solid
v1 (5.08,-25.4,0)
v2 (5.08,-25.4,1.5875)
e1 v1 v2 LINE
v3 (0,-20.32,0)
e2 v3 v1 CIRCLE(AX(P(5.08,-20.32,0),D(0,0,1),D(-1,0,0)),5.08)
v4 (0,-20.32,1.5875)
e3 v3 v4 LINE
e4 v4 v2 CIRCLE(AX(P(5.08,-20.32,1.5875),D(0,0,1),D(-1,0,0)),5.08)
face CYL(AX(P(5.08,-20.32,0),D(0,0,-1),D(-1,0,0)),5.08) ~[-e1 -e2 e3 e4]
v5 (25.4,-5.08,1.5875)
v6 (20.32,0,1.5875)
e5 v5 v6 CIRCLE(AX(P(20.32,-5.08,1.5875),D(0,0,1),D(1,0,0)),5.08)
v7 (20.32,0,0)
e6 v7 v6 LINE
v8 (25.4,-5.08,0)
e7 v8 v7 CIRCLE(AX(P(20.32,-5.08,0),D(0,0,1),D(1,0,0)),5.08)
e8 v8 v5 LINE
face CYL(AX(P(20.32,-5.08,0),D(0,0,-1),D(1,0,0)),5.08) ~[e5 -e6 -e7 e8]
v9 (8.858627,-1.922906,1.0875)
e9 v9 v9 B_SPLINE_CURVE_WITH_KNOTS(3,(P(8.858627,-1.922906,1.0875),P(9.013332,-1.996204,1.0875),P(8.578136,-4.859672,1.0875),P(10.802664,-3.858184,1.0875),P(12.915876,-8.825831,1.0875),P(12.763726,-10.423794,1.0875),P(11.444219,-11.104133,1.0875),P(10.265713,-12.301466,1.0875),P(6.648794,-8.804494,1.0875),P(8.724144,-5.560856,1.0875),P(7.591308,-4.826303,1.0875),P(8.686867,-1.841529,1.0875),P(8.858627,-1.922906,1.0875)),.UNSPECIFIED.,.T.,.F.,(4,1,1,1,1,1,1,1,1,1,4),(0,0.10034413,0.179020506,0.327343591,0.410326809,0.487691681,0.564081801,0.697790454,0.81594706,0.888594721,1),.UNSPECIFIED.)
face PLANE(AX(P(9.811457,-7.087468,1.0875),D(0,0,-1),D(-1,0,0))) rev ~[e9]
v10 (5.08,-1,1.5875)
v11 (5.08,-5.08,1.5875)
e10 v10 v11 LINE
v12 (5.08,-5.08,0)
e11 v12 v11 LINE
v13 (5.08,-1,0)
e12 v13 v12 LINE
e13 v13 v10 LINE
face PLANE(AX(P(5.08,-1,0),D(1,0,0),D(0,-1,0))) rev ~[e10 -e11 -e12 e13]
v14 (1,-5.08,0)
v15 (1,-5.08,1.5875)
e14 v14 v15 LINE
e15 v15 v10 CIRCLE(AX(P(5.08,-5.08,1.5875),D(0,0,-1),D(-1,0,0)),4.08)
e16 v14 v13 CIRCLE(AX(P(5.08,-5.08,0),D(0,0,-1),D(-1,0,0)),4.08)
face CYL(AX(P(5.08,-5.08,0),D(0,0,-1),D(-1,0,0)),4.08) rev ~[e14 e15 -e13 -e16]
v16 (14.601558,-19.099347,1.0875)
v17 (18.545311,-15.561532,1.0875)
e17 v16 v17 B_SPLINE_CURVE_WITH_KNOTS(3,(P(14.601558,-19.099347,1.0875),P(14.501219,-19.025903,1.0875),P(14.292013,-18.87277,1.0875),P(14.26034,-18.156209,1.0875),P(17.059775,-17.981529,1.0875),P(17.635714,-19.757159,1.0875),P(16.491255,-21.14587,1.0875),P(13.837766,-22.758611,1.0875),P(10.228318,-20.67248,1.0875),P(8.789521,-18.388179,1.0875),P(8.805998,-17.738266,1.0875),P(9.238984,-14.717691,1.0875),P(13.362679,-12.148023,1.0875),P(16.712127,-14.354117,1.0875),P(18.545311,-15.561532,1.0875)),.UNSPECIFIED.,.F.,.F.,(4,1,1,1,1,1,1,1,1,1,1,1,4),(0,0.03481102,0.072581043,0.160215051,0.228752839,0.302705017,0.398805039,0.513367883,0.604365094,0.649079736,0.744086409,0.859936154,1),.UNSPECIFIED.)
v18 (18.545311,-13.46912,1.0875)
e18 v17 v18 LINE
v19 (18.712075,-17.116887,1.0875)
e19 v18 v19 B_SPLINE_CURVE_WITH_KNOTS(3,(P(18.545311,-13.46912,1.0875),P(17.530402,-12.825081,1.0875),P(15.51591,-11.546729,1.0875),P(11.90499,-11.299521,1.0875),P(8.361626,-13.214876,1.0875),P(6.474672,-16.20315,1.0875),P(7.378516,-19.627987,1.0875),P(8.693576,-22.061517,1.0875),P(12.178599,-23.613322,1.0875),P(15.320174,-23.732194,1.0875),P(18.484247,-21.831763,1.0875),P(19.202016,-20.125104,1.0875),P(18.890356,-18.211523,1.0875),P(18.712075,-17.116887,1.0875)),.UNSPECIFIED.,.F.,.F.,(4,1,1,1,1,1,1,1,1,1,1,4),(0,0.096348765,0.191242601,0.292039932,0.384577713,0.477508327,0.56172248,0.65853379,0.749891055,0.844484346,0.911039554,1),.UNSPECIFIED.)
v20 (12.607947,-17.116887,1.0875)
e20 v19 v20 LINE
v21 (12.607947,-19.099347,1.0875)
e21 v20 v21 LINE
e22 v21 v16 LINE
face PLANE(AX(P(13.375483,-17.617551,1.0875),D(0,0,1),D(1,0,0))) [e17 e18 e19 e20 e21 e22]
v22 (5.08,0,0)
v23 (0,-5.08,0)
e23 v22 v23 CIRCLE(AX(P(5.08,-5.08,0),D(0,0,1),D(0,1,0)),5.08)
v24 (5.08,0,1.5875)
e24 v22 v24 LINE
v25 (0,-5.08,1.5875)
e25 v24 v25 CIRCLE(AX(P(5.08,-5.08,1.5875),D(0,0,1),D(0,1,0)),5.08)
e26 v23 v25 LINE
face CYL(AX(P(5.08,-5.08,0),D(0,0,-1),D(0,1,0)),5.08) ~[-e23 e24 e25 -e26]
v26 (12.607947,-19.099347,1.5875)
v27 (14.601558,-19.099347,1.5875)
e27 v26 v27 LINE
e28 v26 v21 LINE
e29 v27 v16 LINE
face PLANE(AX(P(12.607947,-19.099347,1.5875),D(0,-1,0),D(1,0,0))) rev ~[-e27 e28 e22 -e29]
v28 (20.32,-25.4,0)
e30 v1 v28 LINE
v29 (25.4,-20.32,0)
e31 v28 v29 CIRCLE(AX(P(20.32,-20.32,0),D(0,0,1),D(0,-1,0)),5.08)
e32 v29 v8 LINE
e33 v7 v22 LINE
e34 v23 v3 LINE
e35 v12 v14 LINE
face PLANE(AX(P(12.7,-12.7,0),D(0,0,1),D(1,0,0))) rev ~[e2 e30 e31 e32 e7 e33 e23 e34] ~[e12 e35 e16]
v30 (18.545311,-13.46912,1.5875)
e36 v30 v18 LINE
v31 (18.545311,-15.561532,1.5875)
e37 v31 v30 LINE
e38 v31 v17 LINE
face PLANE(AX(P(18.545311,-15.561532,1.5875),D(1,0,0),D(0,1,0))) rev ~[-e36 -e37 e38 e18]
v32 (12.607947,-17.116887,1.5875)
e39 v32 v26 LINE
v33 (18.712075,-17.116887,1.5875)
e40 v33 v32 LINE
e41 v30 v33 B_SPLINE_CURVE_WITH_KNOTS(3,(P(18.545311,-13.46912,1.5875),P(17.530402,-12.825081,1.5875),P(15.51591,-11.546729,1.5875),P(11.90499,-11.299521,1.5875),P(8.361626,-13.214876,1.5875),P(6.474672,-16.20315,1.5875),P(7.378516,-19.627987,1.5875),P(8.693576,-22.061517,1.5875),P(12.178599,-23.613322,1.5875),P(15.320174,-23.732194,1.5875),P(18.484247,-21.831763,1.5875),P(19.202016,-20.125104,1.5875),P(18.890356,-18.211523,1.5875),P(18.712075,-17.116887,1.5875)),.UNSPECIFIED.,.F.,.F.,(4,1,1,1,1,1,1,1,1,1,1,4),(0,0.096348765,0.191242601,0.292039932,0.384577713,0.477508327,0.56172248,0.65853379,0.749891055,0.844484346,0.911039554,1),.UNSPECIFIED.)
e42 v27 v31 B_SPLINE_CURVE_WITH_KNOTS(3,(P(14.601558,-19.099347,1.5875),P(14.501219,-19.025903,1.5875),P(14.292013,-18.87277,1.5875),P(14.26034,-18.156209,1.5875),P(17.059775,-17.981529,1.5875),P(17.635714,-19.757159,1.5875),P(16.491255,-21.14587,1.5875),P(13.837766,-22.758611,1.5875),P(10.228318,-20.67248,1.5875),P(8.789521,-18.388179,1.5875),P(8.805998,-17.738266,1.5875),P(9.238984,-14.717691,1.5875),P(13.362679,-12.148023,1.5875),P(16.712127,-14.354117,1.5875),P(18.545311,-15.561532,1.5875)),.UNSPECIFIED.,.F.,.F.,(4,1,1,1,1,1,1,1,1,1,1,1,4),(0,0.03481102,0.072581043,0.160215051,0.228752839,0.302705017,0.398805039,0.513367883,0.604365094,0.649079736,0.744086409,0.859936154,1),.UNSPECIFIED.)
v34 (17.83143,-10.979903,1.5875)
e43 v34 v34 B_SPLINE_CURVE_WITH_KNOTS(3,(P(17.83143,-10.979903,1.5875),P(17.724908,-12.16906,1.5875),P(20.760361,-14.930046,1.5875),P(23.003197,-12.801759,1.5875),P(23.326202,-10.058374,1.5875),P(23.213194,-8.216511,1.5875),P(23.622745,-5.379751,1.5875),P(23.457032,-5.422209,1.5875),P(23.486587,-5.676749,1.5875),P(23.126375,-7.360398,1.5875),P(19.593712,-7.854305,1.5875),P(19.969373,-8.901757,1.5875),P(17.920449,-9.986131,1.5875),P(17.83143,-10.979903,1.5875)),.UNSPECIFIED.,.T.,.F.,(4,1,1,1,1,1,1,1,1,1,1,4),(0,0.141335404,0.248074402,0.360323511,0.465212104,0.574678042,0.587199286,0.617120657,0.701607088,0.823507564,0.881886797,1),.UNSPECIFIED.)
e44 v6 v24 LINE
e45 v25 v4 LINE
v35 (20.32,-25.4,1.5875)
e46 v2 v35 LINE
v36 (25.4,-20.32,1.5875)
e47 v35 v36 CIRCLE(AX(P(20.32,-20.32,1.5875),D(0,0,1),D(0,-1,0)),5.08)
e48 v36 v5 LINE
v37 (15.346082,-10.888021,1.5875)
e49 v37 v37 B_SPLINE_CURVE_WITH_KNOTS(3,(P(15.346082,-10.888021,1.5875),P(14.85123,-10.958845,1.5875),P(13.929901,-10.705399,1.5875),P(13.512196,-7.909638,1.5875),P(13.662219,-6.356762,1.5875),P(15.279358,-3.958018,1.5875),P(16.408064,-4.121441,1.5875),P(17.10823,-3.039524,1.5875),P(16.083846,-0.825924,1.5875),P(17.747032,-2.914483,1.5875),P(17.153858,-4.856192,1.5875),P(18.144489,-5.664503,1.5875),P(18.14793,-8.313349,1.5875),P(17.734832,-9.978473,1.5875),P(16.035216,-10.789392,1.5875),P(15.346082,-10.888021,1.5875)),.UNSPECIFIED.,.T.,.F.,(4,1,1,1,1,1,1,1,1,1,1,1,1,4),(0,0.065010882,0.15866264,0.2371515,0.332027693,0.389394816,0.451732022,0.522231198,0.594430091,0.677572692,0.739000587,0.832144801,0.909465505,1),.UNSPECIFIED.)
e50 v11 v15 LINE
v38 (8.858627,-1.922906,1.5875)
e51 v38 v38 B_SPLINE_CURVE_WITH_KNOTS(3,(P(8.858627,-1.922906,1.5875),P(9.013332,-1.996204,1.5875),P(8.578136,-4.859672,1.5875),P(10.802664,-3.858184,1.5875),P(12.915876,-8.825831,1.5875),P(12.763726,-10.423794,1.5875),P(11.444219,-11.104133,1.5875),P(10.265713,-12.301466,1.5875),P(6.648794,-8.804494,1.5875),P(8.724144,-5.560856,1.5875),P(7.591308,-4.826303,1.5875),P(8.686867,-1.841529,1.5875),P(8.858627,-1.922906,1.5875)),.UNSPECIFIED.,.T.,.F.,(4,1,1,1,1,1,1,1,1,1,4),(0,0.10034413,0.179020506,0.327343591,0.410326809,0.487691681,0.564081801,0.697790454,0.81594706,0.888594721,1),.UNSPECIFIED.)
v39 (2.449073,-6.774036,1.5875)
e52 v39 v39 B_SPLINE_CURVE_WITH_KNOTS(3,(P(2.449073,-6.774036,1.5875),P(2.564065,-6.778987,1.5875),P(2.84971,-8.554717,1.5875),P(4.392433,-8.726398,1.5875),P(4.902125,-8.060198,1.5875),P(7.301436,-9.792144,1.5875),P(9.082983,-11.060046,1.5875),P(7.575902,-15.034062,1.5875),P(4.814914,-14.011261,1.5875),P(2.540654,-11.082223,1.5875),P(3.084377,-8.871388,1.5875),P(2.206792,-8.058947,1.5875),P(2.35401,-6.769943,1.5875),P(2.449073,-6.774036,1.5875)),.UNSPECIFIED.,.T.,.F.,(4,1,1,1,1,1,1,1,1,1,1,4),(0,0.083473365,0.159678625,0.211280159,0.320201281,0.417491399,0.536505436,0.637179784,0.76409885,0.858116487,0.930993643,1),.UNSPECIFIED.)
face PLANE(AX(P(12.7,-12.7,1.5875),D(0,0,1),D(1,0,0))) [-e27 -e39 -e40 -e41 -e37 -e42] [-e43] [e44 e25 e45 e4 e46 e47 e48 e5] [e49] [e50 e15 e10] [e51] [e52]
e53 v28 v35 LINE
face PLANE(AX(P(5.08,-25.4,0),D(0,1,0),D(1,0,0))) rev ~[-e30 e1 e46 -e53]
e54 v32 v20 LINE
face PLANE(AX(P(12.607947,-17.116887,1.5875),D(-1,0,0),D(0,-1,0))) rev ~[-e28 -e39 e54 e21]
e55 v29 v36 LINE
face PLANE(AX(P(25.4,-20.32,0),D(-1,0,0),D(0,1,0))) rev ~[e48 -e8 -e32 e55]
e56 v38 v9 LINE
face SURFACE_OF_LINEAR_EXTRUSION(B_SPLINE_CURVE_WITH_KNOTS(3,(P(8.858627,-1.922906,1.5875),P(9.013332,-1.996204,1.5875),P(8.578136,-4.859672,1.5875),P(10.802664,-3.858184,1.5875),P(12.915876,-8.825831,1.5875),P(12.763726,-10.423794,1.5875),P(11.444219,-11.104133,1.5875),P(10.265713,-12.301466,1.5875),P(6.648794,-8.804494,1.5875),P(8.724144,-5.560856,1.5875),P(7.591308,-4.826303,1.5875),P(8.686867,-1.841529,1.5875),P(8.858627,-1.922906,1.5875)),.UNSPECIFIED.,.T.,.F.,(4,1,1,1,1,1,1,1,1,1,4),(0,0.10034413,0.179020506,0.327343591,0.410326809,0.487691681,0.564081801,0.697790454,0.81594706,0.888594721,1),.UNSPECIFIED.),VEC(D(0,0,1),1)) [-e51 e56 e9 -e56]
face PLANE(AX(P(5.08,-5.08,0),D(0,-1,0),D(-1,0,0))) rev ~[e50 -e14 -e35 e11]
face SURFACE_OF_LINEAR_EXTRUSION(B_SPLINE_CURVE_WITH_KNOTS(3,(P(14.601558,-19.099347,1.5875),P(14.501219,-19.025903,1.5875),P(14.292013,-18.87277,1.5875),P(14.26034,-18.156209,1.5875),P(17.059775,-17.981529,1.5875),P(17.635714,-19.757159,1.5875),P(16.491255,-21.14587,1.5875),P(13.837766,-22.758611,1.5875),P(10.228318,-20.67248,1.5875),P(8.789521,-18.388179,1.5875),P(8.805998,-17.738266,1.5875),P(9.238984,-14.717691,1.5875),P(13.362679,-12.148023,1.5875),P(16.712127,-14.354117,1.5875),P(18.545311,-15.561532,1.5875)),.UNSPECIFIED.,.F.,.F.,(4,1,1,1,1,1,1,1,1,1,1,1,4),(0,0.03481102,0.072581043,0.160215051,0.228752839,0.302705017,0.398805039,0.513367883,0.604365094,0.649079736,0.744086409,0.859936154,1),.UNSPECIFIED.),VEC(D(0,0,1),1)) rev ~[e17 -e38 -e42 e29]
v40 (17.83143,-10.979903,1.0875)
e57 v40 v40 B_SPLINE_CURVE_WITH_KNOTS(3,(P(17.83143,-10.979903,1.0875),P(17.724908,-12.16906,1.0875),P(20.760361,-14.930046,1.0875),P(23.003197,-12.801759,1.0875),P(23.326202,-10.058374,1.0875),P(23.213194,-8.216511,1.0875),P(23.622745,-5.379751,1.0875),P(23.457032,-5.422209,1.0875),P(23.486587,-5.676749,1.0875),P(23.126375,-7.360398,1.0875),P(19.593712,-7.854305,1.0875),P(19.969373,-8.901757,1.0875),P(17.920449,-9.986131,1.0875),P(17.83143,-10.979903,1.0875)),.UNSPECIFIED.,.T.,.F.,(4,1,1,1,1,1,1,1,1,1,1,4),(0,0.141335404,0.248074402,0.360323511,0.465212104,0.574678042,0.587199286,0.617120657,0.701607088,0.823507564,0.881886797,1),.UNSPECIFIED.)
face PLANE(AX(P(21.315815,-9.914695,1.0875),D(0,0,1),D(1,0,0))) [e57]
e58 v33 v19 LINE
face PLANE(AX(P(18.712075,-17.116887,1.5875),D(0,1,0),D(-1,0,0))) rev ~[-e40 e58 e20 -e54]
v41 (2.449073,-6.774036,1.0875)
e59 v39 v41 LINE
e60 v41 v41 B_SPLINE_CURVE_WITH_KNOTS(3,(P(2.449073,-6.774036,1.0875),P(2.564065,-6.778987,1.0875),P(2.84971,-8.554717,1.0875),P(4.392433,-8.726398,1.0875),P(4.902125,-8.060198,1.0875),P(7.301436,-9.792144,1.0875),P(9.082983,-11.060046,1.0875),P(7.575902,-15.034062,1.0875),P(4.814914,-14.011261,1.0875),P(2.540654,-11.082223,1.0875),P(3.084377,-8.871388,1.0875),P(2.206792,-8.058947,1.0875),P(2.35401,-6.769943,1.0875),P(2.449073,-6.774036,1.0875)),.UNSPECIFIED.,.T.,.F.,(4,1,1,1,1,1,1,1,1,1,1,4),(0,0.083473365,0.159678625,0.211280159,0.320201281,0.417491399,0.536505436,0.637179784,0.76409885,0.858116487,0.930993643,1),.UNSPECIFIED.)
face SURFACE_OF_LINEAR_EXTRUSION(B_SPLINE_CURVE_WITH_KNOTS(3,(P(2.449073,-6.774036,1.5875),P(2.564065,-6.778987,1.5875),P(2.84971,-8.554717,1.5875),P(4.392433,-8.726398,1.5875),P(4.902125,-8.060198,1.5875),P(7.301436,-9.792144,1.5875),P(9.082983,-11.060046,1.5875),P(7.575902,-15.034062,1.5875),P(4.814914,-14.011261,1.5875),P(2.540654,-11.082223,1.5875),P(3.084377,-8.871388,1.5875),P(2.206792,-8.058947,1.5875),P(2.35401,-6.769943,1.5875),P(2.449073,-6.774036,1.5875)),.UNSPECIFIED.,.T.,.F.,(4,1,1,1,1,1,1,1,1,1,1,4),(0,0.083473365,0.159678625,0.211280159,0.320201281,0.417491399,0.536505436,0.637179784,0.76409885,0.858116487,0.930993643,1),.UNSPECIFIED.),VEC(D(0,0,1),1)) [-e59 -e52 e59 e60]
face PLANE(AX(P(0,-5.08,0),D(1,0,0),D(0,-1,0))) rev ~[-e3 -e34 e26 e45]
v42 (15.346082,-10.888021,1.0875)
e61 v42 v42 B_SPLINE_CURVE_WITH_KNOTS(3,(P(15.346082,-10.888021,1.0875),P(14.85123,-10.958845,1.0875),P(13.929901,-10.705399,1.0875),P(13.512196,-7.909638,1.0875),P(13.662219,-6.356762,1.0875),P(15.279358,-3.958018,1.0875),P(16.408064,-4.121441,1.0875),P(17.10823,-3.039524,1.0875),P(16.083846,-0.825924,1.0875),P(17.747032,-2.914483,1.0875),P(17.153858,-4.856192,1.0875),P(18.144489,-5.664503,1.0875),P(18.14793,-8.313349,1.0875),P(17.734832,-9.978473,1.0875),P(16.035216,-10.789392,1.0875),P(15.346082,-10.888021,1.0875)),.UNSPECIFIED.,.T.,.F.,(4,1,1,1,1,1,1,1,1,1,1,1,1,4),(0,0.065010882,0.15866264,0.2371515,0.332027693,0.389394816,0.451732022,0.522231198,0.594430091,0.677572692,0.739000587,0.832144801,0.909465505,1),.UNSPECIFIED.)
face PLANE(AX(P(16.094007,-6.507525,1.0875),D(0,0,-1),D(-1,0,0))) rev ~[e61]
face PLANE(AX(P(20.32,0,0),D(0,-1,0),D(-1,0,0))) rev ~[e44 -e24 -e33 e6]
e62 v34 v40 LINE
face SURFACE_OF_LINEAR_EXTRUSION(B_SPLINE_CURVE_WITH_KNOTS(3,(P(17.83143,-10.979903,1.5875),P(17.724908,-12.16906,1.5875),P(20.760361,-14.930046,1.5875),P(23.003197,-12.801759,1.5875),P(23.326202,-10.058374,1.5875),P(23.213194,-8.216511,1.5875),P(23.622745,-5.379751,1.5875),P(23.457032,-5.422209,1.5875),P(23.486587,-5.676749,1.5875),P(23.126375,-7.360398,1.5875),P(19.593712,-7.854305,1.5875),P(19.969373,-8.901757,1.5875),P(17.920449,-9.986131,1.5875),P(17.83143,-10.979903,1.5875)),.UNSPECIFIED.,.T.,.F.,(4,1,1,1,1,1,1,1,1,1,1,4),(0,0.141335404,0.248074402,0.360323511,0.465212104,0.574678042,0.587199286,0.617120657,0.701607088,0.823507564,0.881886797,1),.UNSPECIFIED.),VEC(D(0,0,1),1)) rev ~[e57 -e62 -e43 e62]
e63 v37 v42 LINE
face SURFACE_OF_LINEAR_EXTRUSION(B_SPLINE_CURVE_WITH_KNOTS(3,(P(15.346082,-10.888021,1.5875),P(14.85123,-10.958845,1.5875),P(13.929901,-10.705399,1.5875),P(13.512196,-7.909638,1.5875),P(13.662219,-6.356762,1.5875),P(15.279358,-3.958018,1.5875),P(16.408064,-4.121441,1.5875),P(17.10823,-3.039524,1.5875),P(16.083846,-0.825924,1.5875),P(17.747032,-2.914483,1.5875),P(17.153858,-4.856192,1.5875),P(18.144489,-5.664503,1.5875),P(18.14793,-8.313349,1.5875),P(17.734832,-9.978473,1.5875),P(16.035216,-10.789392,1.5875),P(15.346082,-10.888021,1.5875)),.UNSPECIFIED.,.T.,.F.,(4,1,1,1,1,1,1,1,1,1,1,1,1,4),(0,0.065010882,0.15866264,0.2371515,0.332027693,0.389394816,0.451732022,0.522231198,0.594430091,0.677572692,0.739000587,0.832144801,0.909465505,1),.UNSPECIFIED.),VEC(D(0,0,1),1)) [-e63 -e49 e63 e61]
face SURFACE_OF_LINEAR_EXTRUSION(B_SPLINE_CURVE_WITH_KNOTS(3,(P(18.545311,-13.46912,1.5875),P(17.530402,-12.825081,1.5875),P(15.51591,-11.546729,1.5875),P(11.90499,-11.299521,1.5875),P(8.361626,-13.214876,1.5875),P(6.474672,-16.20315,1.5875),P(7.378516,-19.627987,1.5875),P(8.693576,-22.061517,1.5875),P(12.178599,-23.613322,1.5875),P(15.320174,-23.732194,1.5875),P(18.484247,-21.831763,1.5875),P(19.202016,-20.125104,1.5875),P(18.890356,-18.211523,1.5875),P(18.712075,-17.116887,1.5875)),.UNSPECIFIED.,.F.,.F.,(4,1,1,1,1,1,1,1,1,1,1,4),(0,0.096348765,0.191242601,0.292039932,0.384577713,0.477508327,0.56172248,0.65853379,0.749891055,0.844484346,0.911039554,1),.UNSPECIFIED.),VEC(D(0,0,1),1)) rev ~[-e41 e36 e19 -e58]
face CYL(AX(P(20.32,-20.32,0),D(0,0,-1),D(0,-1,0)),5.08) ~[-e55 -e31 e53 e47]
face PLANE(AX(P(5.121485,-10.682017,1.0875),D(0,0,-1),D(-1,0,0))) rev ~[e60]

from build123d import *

# Parameters (mm, degrees)
F1_DEPTH = 1.5875
F3_DEPTH = 0.5


with BuildPart() as f1:
    # F0 (on Top) → F1 (new body)
    with BuildSketch(Plane.XY):
        with BuildLine():
            Line((20.32, 0), (5.08, 0))
            ThreePointArc((5.08, 0), (1.4878975516, -1.4878975516), (0, -5.08))
            Line((0, -5.08), (0, -20.32))
            ThreePointArc((0, -20.32), (1.4878975516, -23.9121024484), (5.08, -25.4))
            Line((5.08, -25.4), (20.32, -25.4))
            ThreePointArc((20.32, -25.4), (23.9121024484, -23.9121024484), (25.4, -20.32))
            Line((25.4, -20.32), (25.4, -5.08))
            ThreePointArc((25.4, -5.08), (23.9121024484, -1.4878975516), (20.32, 0))
        make_face()
        with BuildLine():
            ThreePointArc((1, -5.08), (2.1950043328, -2.1950043328), (5.08, -1))
            Line((5.08, -1), (5.08, -5.08))
            Line((5.08, -5.08), (1, -5.08))
        make_face(mode=Mode.SUBTRACT)
    extrude(amount=F1_DEPTH)

    # F2 (on face) → F3 (cut)
    with BuildSketch(Plane.XY.offset(1.5875)):
        with BuildLine():
            add(Edge.make_bspline(
                [(2.4490728974, -6.7740357481), (2.5640653587, -6.7789870625), (2.8497096175, -8.5547173238), (4.3924326363, -8.7263982766), (4.9021251928, -8.0601975701), (7.3014356494, -9.792143864), (9.0829831486, -11.0600457125), (7.5759023816, -15.034061825), (4.8149139746, -14.0112611661), (2.5406535999, -11.0822233393), (3.0843774823, -8.871388017), (2.206791942, -8.0589467747), (2.3540101093, -6.7699425602), (2.4490728974, -6.7740357481)],
                knots=[0, 0, 0, 0, 0.0834733652, 0.1596786251, 0.211280159, 0.3202012809, 0.4174913991, 0.5365054361, 0.6371797839, 0.7640988496, 0.8581164871, 0.930993643, 1, 1, 1, 1], degree=3))
        make_face()
        with BuildLine():
            add(Edge.make_bspline(
                [(8.8586267084, -1.9229061436), (9.0133324625, -1.9962039821), (8.5781362964, -4.8596724504), (10.8026636171, -3.8581837805), (12.9158763945, -8.8258314612), (12.7637259817, -10.4237944469), (11.4442186041, -11.1041330202), (10.2657125828, -12.3014655453), (6.648794494, -8.8044939483), (8.7241439056, -5.5608560073), (7.5913084371, -4.8263028002), (8.6868674054, -1.8415285263), (8.8586267084, -1.9229061436)],
                knots=[0, 0, 0, 0, 0.1003441296, 0.1790205059, 0.3273435911, 0.4103268091, 0.4876916806, 0.5640818014, 0.6977904536, 0.8159470595, 0.8885947206, 1, 1, 1, 1], degree=3))
        make_face()
        with BuildLine():
            add(Edge.make_bspline(
                [(15.3460819274, -10.8880214393), (14.8512295385, -10.9588450007), (13.9299008367, -10.7053988479), (13.5121962443, -7.9096377023), (13.6622187323, -6.3567616148), (15.2793581259, -3.9580176334), (16.4080636022, -4.1214413187), (17.1082303726, -3.0395244465), (16.0838457727, -0.8259241437), (17.7470321041, -2.9144829358), (17.1538584695, -4.8561918923), (18.144489033, -5.6645027478), (18.1479302323, -8.3133493469), (17.7348320222, -9.9784729415), (16.0352159561, -10.7893921768), (15.3460819274, -10.8880214393)],
                knots=[0, 0, 0, 0, 0.0650108823, 0.1586626397, 0.2371515003, 0.3320276929, 0.3893948162, 0.4517320216, 0.5222311979, 0.5944300906, 0.6775726924, 0.7390005872, 0.832144801, 0.9094655048, 1, 1, 1, 1], degree=3))
        make_face()
        with BuildLine():
            add(Edge.make_bspline(
                [(17.8314298391, -10.9799029306), (17.7249083363, -12.1690600402), (20.7603611318, -14.9300459927), (23.0031969629, -12.8017594149), (23.326202251, -10.0583740205), (23.2131940657, -8.2165111867), (23.6227448408, -5.3797509412), (23.4570323286, -5.4222094382), (23.4865868134, -5.6767488723), (23.1263749191, -7.3603977194), (19.5937119065, -7.8543053012), (19.9693727052, -8.9017571736), (17.9204492601, -9.9861310201), (17.8314298391, -10.9799029306)],
                knots=[0, 0, 0, 0, 0.1413354042, 0.248074402, 0.3603235106, 0.465212104, 0.5746780417, 0.587199286, 0.6171206568, 0.7016070875, 0.8235075643, 0.8818867974, 1, 1, 1, 1], degree=3))
        make_face()
        with BuildLine():
            Line((18.7120754272, -17.1168874949), (12.6079469919, -17.1168874949))
            Line((12.6079469919, -17.1168874949), (12.6079469919, -19.0993472934))
            Line((12.6079469919, -19.0993472934), (14.6015575156, -19.0993472934))
            add(Edge.make_bspline(
                [(14.6015575156, -19.0993472934), (14.5012191225, -19.0259025868), (14.2920133835, -18.872770235), (14.2603401825, -18.1562094613), (17.0597749327, -17.9815286038), (17.6357141256, -19.7571588989), (16.4912546985, -21.1458697144), (13.8377659619, -22.7586106554), (10.2283182101, -20.6724799507), (8.7895208963, -18.3881791376), (8.805998074, -17.7382663647), (9.2389835084, -14.7176909304), (13.3626786947, -12.1480226777), (16.7121271854, -14.3541167752), (18.5453109443, -15.5615322292)],
                knots=[0, 0, 0, 0, 0.0348110201, 0.0725810426, 0.1602150508, 0.2287528387, 0.3027050172, 0.3988050387, 0.513367883, 0.6043650936, 0.6490797363, 0.744086409, 0.8599361536, 1, 1, 1, 1], degree=3))
            Line((18.5453109443, -15.5615322292), (18.5453109443, -13.4691204876))
            add(Edge.make_bspline(
                [(18.5453109443, -13.4691204876), (17.5304020754, -12.8250813774), (15.5159101231, -11.5467285674), (11.9049899424, -11.2995207648), (8.361626086, -13.2148755489), (6.4746717155, -16.2031496216), (7.3785161598, -19.627986708), (8.6935760858, -22.0615171511), (12.1785987984, -23.6133223697), (15.3201740801, -23.7321939364), (18.4842473463, -21.8317631511), (19.2020156683, -20.125104018), (18.8903558491, -18.2115232606), (18.7120754272, -17.1168874949)],
                knots=[0, 0, 0, 0, 0.0963487652, 0.1912426013, 0.2920399316, 0.3845777133, 0.4775083267, 0.56172248, 0.65853379, 0.7498910552, 0.8444843458, 0.9110395542, 1, 1, 1, 1], degree=3))
        make_face()
    extrude(amount=-F3_DEPTH, mode=Mode.SUBTRACT)


solid = f1.part
